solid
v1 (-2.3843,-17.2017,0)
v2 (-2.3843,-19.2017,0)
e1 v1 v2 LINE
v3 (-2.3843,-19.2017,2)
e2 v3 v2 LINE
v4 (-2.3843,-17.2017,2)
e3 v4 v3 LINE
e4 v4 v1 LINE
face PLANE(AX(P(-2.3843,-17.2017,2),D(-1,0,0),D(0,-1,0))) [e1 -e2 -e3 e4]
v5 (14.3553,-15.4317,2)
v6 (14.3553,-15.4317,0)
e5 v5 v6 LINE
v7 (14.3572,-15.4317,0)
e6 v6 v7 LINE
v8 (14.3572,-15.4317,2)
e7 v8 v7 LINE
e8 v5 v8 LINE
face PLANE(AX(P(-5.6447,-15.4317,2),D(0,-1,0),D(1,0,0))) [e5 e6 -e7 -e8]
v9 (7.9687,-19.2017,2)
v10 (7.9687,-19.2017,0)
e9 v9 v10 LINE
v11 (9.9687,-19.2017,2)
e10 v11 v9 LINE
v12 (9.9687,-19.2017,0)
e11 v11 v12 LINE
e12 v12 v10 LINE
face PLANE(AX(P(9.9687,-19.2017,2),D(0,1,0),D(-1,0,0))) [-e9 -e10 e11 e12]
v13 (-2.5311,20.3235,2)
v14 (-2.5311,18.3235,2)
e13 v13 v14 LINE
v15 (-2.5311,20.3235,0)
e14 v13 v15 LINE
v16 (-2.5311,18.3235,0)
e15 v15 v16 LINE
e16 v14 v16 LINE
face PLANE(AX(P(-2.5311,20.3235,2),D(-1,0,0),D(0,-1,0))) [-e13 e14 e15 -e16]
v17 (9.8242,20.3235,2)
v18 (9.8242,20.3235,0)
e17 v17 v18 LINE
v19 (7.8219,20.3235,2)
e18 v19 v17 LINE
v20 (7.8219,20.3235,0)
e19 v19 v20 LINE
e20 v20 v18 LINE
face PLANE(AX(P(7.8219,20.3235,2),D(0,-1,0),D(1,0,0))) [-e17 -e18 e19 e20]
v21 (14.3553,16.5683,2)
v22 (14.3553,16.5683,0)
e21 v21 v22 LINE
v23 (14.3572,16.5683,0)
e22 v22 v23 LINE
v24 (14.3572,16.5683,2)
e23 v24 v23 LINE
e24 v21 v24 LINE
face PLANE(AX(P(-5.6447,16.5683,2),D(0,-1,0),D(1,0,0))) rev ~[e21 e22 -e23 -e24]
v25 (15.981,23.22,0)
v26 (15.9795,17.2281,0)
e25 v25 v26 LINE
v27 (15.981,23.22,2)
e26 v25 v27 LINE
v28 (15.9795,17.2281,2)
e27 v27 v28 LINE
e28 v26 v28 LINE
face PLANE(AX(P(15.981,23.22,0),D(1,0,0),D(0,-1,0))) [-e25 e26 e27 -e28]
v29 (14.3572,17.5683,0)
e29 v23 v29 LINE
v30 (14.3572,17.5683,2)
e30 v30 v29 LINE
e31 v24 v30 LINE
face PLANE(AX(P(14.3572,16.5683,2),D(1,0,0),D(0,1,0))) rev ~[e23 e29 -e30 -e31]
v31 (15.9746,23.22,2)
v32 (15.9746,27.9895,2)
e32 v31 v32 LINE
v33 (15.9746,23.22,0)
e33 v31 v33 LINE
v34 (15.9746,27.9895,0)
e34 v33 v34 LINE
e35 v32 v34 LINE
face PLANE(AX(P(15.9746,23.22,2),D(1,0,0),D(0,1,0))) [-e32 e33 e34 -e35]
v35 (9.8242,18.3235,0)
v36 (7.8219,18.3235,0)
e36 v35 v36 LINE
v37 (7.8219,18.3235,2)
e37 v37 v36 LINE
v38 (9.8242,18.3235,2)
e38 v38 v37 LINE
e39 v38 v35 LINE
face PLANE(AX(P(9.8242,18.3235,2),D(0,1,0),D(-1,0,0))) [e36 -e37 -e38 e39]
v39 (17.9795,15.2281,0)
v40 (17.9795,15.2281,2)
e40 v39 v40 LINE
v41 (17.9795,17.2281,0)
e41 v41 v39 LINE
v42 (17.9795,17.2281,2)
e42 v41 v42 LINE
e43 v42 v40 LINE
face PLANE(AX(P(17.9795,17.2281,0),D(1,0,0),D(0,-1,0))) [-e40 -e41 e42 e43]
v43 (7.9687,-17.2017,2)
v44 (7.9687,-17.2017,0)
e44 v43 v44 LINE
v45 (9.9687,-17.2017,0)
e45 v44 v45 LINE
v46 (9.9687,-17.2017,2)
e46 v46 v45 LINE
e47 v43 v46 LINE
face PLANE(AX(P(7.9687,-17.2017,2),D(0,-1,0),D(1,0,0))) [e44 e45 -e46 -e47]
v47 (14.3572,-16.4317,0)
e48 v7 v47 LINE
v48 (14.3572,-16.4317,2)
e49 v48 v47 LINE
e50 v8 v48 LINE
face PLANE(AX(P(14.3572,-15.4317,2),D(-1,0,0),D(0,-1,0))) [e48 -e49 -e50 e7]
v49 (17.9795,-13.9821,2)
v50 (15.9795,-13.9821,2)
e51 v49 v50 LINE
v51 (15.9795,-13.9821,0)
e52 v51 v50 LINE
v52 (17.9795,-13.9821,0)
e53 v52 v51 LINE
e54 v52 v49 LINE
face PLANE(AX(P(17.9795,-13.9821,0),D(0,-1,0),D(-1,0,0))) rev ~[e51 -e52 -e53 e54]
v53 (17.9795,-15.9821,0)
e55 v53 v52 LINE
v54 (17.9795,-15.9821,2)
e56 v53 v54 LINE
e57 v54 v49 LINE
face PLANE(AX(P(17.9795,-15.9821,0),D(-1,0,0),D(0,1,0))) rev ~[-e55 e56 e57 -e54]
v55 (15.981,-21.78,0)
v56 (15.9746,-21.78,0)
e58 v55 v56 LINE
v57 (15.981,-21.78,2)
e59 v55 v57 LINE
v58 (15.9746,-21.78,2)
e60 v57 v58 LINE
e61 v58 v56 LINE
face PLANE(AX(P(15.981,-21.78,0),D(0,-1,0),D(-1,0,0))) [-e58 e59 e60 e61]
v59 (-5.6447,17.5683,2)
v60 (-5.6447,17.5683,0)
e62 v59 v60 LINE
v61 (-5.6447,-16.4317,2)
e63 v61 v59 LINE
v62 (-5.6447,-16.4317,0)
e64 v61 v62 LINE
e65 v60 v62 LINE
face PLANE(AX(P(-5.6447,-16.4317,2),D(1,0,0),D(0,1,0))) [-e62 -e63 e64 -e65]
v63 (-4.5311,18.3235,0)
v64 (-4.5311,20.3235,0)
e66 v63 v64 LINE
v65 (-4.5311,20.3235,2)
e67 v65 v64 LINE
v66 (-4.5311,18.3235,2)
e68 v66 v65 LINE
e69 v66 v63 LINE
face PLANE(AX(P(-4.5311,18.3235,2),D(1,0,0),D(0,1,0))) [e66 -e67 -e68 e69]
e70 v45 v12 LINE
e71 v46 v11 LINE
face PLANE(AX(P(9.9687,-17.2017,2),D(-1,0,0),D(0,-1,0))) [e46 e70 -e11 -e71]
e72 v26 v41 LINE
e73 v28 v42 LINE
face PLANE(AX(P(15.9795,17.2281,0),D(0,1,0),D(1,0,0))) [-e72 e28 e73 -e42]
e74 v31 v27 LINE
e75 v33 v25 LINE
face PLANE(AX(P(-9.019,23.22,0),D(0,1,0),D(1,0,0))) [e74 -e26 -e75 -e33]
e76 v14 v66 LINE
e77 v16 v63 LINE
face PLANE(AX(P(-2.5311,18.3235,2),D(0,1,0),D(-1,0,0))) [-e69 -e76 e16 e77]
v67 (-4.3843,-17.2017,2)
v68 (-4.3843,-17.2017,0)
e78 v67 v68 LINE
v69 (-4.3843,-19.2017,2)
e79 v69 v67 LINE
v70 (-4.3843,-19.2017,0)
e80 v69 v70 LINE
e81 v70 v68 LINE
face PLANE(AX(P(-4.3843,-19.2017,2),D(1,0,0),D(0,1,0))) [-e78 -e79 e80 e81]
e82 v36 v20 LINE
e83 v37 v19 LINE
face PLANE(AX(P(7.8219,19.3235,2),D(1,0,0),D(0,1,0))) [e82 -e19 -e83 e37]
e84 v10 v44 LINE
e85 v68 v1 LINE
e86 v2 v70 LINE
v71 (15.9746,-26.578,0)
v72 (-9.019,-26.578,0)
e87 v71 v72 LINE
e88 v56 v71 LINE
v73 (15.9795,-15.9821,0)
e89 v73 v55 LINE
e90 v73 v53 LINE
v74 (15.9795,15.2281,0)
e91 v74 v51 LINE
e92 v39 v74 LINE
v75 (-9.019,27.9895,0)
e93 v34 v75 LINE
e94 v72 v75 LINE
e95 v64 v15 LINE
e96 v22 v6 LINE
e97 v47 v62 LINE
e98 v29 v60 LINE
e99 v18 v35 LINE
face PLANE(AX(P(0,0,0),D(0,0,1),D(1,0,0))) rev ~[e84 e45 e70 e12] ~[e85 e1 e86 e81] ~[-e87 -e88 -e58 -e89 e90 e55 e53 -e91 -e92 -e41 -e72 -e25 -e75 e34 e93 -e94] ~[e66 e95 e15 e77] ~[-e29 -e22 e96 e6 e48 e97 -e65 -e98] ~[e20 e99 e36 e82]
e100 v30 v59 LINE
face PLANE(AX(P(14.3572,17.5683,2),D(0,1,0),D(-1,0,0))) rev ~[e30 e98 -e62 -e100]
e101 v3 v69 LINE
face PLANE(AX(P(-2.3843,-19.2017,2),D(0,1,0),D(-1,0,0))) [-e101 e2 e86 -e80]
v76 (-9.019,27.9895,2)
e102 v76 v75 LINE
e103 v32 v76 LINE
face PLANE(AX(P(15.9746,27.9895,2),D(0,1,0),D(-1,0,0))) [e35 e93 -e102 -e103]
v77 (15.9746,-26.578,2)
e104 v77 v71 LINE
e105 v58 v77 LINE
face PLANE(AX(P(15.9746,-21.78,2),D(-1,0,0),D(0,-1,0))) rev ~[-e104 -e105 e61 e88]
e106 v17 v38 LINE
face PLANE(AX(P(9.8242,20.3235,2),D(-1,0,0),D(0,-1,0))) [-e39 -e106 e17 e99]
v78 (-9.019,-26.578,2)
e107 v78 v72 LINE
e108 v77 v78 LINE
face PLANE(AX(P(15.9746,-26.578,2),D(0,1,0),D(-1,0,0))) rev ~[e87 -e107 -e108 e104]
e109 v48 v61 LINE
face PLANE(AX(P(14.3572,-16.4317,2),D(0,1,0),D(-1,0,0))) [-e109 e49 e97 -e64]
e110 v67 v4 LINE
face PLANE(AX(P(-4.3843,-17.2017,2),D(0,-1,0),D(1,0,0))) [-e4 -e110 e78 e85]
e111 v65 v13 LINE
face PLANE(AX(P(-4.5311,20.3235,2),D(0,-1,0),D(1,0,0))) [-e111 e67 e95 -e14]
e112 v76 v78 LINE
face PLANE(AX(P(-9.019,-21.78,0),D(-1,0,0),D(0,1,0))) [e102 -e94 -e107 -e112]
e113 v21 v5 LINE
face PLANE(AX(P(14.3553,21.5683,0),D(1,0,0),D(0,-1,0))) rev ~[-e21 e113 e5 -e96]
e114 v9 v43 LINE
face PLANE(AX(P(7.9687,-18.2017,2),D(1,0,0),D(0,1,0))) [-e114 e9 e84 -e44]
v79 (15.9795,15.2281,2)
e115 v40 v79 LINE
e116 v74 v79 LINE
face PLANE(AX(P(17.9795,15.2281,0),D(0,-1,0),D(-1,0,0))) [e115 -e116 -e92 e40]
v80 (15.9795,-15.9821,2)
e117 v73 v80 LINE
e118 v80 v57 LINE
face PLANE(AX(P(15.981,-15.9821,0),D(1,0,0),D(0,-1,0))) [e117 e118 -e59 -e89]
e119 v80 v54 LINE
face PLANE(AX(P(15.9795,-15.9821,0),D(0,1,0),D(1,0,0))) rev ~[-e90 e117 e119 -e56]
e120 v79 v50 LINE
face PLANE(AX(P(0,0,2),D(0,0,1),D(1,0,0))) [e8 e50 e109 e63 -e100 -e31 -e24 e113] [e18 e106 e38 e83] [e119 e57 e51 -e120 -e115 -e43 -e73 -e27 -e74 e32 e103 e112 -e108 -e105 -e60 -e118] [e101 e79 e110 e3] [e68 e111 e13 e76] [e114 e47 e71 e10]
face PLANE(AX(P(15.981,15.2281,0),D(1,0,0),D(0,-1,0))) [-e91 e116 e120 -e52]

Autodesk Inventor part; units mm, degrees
ref_plane "YZ Plane" through (0, 0, 0) normal (1, 0, 0) x (0, 1, 0)
ref_plane "XZ Plane" through (0, 0, 0) normal (0, 1, 0) x (-1, 0, 0)
ref_plane "XY Plane" through (0, 0, 0) normal (0, 0, 1) x (1, 0, 0)
sketch "Sketch1" plane through (0, 0, 0) normal (0, 0, 1) x (1, 0, 0)
  line L0 (-9.019, 23.22) -> (15.981, 23.22)
  line L1 (15.981, 23.22) -> (15.981, -21.78)
  line L2 (15.981, -21.78) -> (-9.019, -21.78)
  line L3 (-9.019, -21.78) -> (-9.019, 23.22)
  line L4 (-5.6447, 21.5683) -> (14.3553, 21.5683)
  line L5 (14.3553, 21.5683) -> (14.3553, -20.4317)
  line L6 (14.3553, -20.4317) -> (-5.6447, -20.4317)
  line L7 (-5.6447, -20.4317) -> (-5.6447, 21.5683)
  line L8 (17.9795, 15.2281) -> (17.9795, -13.9821)
  line L9 (17.9795, 15.2281) -> (15.9795, 15.2281)
  line L10 (15.9795, 15.2281) -> (15.9795, 17.2281)
  line L11 (15.9795, 17.2281) -> (17.9795, 17.2281)
  line L12 (17.9795, 17.2281) -> (17.9795, 15.2281)
  line L13 (17.9795, -13.9821) -> (15.9795, -13.9821)
  line L14 (15.9795, -13.9821) -> (15.9795, -15.9821)
  line L15 (15.9795, -15.9821) -> (17.9795, -15.9821)
  line L16 (17.9795, -15.9821) -> (17.9795, -13.9821)
  point P0 (0, 0)
  dimension "d0" = 25
  dimension "d2" = 20
  dimension "d4" = 29.2102
  dimension "d5" = 2
  dimension "d6" = 2
  dimension "d7" = 2
  dimension "d8" = 2
extrude "Extrusion1" add sketch "Sketch1" along normal blind 2 contours L0 L1 L2 L3 | L11 L12 L9 L1 | L1 L13 L16 L15
sketch "Sketch2" plane through (0, 0, 2) normal (0, 0, 1) x (1, 0, 0)
  line L0 (-9.019, 23.22) -> (-9.019, -21.78) projected
  line L1 (-9.019, -21.78) -> (15.9746, -21.78)
  line L2 (15.9746, -21.78) -> (15.9746, -26.578)
  line L3 (15.9746, -26.578) -> (-9.019, -26.578)
  line L4 (-9.019, -26.578) -> (-9.019, -21.78)
  line L5 (-9.019, 23.22) -> (15.981, 23.22) projected
  line L6 (-9.019, 23.22) -> (15.9746, 23.22)
  line L7 (15.9746, 23.22) -> (15.9746, 27.9895)
  line L8 (15.9746, 27.9895) -> (-9.019, 27.9895)
  line L9 (-9.019, 27.9895) -> (-9.019, 23.22)
  point P0 (0, 0)
extrude "Extrusion2" add sketch "Sketch2" against normal blind 2
sketch "Sketch3" plane through (0, 0, 2) normal (0, 0, 1) x (1, 0, 0)
  line L0 (-5.6447, -20.4317) -> (14.3553, -20.4317) projected
  line L1 (14.3553, -20.4317) -> (14.3553, 21.5683) projected
  line L2 (-5.6447, -20.4317) -> (14.3553, -20.4317)
  line L3 (14.3553, -20.4317) -> (14.3553, -15.4317)
  line L4 (14.3553, -15.4317) -> (-5.6447, -15.4317)
  line L5 (-5.6447, -15.4317) -> (-5.6447, -20.4317)
  line L6 (-5.6447, 21.5683) -> (-5.6447, -20.4317) projected
  line L7 (-5.6447, 21.5683) -> (14.3553, 21.5683)
  line L8 (14.3553, 21.5683) -> (14.3553, 16.5683)
  line L9 (14.3553, 16.5683) -> (-5.6447, 16.5683)
  line L10 (-5.6447, 16.5683) -> (-5.6447, 21.5683)
  point P0 (0, 0)
  dimension "d13" = 5
  dimension "d14" = 5
extrude "Extrusion3" add sketch "Sketch3" against normal blind 2 contours L5 L4 L1 L0 | L6 L7 L1 L9
sketch "Sketch4" plane through (0, 0, 2) normal (0, 0, 1) x (1, 0, 0)
  point P0 (0, 0)
sketch "Sketch5" plane through (0, 0, 2) normal (0, 0, 1) x (1, 0, 0)
  line L0 (-5.6447, -15.4317) -> (14.3572, -15.4317)
  line L1 (14.3572, -15.4317) -> (14.3572, -16.4317)
  line L2 (14.3572, -16.4317) -> (-5.6447, -16.4317)
  line L3 (-5.6447, -16.4317) -> (-5.6447, -15.4317)
  line L4 (-5.6447, -15.4317) -> (-5.6447, 16.5683) projected
  line L5 (-5.6447, 16.5683) -> (14.3572, 16.5683)
  line L6 (14.3572, 16.5683) -> (14.3572, 17.5683)
  line L7 (14.3572, 17.5683) -> (-5.6447, 17.5683)
  line L8 (-5.6447, 17.5683) -> (-5.6447, 16.5683)
  point P0 (0, 0)
  dimension "d17" = 1
  dimension "d18" = 1
extrude "Extrusion4" cut sketch "Sketch5" against normal blind 2
sketch "Sketch6" plane through (0, 0, 2) normal (0, 0, 1) x (1, 0, 0)
  point P0 (0, 0)
sketch "Sketch7" plane through (0, 0, 2) normal (0, 0, 1) x (1, 0, 0)
  line L0 (-4.5311, 20.3235) -> (-2.5311, 20.3235)
  line L1 (-2.5311, 20.3235) -> (-2.5311, 18.3235)
  line L2 (-2.5311, 18.3235) -> (-4.5311, 18.3235)
  line L3 (-4.5311, 18.3235) -> (-4.5311, 20.3235)
  line L4 (-2.5311, 19.3235) -> (7.8219, 19.3235)
  line L5 (7.8219, 20.3235) -> (9.8242, 20.3235)
  line L6 (9.8242, 20.3235) -> (9.8242, 18.3235)
  line L7 (9.8242, 18.3235) -> (7.8219, 18.3235)
  line L8 (7.8219, 18.3235) -> (7.8219, 20.3235)
  point P0 (0, 0)
  dimension "d21" = 2
  dimension "d22" = 2
  dimension "d23" = 10.353
extrude "Extrusion5" cut sketch "Sketch7" against normal blind 10
sketch "Sketch8" plane through (0, 0, 2) normal (0, 0, 1) x (1, 0, 0)
  line L0 (14.3572, -16.4317) -> (-5.6447, -16.4317) projected
  line L1 (-4.3843, -16.4317) -> (-4.3843, -17.2017)
  line L2 (-4.3843, -17.2017) -> (-2.3843, -17.2017)
  line L3 (-2.3843, -17.2017) -> (-2.3843, -19.2017)
  line L4 (-2.3843, -19.2017) -> (-4.3843, -19.2017)
  line L5 (-4.3843, -19.2017) -> (-4.3843, -17.2017)
  line L6 (-2.3843, -18.2017) -> (7.9687, -18.2017)
  line L7 (7.9687, -17.2017) -> (9.9687, -17.2017)
  line L8 (9.9687, -17.2017) -> (9.9687, -19.2017)
  line L9 (9.9687, -19.2017) -> (7.9687, -19.2017)
  line L10 (7.9687, -19.2017) -> (7.9687, -17.2017)
  point P0 (0, 0)
  dimension "d26" = 0.77
  dimension "d27" = 2
  dimension "d28" = 2
  dimension "d29" = 10.353
  dimension "d30" = 2
extrude "Extrusion6" cut sketch "Sketch8" against normal blind 10
sketch "Sketch9" plane through (0, 0, 2) normal (0, 0, 1) x (1, 0, 0)
  point P0 (0, 0)
properties part number "openslotforclamp"
